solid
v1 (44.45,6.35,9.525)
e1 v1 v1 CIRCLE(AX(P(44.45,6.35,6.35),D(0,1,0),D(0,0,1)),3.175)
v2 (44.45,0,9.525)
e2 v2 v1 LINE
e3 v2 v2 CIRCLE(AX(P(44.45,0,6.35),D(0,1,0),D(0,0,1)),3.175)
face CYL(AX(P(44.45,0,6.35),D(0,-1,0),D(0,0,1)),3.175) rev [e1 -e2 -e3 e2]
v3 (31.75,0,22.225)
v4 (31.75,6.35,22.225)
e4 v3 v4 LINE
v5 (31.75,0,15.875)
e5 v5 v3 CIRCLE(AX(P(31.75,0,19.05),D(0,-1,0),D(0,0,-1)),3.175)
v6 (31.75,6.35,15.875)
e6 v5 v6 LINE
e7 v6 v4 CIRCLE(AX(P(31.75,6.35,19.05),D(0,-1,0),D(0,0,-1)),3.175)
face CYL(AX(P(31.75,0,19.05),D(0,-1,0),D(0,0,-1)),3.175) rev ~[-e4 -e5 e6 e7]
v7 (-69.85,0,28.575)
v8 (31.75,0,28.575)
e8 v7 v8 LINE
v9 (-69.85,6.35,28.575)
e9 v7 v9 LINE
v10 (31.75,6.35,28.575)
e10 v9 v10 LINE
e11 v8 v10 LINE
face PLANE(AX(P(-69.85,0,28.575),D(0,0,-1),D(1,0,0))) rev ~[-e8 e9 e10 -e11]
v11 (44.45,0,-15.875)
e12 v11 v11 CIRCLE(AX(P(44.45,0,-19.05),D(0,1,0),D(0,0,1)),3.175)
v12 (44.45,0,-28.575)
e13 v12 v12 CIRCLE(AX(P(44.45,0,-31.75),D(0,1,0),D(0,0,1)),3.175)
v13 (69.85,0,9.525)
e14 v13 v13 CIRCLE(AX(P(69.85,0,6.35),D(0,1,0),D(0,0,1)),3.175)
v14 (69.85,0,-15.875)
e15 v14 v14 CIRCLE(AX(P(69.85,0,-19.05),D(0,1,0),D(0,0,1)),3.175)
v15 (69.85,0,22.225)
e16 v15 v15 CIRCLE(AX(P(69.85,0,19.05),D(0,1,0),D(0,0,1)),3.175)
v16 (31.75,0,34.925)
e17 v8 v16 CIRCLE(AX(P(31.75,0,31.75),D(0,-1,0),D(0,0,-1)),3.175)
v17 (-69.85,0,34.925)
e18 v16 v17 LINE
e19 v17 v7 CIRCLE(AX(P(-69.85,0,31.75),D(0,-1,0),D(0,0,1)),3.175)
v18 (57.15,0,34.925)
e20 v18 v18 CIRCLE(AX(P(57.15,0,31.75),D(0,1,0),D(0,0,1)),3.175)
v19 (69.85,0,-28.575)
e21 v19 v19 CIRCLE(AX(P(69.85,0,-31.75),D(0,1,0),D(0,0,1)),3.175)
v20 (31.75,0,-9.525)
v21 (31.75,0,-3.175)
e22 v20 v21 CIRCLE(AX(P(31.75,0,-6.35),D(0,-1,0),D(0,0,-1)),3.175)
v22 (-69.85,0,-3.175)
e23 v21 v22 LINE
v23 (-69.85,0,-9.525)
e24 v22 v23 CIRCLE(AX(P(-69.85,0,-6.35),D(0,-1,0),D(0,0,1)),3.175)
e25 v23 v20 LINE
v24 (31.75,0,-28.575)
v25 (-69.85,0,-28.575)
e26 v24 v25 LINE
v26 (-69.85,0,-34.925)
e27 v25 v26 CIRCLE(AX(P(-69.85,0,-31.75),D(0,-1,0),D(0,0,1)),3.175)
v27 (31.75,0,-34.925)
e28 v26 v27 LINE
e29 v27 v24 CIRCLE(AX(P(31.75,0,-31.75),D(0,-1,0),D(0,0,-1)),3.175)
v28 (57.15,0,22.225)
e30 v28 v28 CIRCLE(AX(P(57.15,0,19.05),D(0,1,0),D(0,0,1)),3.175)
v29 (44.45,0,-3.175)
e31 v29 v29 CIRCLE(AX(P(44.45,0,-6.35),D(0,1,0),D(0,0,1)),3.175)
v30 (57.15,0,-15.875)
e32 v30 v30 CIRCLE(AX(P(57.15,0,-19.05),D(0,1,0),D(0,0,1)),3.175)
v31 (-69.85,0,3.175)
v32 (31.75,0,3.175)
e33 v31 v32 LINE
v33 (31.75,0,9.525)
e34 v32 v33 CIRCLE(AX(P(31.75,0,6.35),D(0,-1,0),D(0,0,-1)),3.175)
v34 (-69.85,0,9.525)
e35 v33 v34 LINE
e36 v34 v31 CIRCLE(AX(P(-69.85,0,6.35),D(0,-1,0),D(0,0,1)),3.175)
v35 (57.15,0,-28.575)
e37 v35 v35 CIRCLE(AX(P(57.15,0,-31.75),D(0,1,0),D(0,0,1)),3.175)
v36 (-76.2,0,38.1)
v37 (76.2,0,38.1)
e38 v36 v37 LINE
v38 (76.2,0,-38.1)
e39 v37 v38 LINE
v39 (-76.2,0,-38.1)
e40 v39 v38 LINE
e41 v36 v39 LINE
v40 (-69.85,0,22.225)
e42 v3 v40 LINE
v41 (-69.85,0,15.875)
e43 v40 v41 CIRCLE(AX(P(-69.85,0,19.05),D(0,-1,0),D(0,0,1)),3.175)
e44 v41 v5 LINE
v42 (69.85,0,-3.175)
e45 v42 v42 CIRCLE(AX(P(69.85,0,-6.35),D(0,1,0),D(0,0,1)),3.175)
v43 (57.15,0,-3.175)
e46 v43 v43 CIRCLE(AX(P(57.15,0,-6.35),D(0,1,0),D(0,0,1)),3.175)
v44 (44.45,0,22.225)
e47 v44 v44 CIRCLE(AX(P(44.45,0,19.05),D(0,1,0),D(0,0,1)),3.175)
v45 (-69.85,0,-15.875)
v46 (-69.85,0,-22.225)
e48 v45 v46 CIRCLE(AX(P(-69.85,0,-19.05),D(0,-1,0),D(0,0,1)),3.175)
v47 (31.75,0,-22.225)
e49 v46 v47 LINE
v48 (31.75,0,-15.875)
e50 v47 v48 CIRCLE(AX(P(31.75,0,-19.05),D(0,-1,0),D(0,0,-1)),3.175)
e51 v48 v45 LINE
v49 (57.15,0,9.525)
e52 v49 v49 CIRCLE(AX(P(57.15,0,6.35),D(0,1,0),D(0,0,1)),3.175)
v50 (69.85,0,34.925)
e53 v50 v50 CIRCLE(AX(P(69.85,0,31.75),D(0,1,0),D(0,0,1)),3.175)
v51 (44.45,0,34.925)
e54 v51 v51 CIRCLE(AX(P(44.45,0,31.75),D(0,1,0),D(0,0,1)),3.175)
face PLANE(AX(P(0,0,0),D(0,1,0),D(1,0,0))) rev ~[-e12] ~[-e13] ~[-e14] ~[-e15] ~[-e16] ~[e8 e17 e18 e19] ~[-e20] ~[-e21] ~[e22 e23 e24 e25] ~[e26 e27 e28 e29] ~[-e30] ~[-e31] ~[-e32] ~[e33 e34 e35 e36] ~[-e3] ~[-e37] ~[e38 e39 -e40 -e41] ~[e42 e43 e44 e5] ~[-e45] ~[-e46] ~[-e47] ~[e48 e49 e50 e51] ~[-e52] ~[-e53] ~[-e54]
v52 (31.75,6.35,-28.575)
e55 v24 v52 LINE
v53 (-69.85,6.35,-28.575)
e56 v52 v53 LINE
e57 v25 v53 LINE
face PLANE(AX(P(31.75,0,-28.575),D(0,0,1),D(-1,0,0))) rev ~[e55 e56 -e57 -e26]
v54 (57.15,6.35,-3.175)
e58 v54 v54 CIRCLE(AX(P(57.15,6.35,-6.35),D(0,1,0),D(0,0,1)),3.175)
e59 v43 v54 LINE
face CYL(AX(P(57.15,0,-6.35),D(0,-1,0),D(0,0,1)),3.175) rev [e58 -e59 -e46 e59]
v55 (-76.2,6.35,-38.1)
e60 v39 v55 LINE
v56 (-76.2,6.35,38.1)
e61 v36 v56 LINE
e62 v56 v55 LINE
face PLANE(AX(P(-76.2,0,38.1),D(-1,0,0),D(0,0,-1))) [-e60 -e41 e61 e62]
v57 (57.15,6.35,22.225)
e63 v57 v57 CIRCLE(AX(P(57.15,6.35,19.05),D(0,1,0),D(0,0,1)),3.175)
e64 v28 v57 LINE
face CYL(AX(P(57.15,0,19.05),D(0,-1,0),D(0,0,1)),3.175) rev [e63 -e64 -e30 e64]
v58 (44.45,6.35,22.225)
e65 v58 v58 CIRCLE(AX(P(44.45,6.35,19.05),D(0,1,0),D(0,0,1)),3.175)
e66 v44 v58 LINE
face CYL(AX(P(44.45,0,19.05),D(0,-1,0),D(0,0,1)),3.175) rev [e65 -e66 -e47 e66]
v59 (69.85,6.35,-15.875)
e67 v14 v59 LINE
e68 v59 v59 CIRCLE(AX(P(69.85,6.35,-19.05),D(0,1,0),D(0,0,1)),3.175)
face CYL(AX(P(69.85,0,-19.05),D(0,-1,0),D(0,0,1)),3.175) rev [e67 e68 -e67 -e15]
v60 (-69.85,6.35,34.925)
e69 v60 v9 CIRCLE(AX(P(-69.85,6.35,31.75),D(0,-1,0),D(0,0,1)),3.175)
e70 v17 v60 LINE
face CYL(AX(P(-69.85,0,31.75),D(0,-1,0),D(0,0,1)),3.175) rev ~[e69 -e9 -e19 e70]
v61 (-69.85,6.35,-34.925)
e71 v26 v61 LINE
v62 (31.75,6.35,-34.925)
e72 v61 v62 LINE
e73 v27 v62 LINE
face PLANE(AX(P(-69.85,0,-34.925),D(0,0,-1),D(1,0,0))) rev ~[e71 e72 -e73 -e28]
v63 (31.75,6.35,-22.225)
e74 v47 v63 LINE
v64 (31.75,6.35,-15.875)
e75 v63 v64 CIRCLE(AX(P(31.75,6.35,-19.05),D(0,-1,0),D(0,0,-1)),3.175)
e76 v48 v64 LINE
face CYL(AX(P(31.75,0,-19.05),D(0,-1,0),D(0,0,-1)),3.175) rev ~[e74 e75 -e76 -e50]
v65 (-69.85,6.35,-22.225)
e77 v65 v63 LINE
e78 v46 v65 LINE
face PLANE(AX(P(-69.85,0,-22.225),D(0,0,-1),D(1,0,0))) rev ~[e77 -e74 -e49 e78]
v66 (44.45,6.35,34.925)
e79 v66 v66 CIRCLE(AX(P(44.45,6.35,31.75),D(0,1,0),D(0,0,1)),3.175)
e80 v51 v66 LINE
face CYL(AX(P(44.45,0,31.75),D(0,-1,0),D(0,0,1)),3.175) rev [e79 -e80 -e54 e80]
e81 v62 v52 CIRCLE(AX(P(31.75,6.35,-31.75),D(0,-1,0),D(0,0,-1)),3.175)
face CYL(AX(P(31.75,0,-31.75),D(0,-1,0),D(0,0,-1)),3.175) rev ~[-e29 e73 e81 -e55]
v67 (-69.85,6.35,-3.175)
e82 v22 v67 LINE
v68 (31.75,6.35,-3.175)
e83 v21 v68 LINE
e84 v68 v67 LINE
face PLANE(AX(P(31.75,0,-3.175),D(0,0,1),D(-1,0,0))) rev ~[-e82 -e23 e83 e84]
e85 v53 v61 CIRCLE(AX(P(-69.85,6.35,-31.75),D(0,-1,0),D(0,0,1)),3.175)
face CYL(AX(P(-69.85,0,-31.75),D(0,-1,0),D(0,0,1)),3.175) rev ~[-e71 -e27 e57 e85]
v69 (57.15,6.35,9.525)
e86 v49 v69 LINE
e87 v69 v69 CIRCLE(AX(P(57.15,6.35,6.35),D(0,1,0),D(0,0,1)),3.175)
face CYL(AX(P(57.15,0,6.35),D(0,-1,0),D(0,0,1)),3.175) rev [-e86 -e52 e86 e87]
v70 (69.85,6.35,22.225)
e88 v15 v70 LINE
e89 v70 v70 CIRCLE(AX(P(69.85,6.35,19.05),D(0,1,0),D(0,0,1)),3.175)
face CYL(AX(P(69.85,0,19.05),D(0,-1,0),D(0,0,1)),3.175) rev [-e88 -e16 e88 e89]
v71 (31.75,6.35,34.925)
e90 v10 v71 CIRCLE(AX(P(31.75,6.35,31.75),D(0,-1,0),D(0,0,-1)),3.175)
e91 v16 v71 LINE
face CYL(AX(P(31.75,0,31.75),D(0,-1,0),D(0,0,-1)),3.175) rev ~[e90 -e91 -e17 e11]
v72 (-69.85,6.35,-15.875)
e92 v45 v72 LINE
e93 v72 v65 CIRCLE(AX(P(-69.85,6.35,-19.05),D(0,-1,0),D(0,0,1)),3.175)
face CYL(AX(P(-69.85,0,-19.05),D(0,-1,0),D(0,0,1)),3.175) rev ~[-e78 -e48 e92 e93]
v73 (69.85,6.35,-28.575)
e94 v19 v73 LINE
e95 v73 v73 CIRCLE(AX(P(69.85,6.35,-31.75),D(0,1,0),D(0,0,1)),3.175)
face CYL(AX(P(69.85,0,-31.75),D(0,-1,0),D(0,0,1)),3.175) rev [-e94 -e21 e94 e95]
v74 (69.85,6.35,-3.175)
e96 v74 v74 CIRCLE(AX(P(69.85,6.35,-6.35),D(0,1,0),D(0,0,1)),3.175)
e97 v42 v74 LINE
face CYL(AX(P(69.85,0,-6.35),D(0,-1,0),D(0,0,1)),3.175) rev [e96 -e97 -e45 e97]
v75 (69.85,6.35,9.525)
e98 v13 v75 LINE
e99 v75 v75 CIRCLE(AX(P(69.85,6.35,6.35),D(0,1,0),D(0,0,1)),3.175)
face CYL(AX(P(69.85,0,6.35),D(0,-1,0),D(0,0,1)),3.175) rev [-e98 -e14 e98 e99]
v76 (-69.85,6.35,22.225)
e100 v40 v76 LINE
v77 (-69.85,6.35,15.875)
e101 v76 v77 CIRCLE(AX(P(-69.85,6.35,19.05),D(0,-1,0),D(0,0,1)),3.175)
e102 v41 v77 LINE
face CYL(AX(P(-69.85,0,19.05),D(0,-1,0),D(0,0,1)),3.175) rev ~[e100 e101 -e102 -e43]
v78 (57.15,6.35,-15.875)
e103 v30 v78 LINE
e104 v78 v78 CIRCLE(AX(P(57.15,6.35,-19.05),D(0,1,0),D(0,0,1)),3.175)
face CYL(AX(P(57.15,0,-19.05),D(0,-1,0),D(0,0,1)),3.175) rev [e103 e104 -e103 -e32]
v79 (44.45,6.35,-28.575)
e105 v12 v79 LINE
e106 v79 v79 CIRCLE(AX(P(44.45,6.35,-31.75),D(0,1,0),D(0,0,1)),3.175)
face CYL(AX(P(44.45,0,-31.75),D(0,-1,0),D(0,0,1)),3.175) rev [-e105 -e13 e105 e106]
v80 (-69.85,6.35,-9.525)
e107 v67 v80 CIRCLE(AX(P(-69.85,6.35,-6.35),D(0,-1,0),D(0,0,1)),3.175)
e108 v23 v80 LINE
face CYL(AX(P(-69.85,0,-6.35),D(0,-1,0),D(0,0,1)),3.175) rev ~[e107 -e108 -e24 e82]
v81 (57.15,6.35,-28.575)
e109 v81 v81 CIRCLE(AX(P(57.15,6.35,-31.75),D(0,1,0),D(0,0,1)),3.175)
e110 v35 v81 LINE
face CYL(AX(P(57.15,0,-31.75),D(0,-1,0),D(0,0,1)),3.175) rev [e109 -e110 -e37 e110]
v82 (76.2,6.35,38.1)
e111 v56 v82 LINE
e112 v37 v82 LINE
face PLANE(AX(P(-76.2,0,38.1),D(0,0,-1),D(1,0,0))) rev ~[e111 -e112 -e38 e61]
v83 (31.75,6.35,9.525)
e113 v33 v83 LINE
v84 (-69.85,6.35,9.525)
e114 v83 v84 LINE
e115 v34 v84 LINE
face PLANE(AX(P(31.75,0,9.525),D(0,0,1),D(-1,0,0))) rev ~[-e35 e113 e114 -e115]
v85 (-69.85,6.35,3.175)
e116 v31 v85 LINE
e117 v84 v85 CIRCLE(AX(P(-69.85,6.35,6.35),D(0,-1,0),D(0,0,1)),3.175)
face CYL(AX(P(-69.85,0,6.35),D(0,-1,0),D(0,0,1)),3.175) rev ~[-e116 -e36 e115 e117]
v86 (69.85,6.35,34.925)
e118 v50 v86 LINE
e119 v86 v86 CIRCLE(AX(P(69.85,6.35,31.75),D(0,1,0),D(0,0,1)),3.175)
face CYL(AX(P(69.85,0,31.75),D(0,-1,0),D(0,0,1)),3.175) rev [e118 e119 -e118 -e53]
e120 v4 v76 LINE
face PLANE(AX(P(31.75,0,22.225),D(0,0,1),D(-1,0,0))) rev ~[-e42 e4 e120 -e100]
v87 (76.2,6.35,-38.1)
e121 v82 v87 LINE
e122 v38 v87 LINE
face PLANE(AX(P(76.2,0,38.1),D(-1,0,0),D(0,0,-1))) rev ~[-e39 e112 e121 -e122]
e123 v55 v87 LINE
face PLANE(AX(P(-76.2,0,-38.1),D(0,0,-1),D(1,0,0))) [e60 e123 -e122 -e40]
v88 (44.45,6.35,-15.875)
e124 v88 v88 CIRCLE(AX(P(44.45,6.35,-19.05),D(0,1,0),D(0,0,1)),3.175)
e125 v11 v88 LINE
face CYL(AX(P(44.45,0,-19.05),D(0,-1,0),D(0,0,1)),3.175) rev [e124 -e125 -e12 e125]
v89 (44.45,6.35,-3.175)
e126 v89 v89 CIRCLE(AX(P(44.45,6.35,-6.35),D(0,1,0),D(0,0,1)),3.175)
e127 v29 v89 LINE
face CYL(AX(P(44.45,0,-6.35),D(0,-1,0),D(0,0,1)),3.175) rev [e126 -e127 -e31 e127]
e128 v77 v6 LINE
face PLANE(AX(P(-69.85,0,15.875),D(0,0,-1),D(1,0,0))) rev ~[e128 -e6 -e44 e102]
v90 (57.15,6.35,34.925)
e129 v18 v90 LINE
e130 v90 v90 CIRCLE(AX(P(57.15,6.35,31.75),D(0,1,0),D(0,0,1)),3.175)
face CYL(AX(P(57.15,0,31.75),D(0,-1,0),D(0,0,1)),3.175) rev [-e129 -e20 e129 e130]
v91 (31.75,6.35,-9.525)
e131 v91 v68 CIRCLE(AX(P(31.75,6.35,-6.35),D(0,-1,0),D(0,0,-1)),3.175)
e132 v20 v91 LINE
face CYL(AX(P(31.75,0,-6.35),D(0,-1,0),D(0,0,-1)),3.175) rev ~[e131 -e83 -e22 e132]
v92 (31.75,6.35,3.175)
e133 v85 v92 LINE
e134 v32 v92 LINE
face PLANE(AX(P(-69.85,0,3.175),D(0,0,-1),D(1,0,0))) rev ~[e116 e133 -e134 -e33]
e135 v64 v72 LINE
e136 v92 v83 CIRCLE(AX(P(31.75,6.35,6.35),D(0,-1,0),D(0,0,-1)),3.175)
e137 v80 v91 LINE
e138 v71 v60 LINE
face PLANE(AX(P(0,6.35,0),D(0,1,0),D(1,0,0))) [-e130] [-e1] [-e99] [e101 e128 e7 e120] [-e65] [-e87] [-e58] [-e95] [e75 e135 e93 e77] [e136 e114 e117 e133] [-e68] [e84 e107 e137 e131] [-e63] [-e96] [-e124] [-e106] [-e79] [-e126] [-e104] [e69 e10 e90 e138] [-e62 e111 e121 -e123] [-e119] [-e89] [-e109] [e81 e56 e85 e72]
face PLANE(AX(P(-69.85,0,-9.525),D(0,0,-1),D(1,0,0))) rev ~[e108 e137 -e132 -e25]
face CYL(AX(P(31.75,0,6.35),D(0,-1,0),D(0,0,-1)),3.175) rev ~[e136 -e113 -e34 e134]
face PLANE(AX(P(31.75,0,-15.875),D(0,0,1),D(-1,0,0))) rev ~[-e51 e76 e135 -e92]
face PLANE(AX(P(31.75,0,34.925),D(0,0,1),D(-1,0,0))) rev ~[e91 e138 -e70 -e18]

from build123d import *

# Parameters (mm, degrees)
SKETCH1_W           = 152.4
SKETCH1_H           = 76.2
SKETCH1_R           = 3.175
BOSS_EXTRUDE1_DEPTH = 6.35


with BuildPart() as part:
    # Sketch1 → Boss-Extrude1 (new body)
    with BuildSketch(Plane(origin=(0, 0, 0), x_dir=(1, 0, 0), z_dir=(0, 1, 0))):
        Rectangle(SKETCH1_W, SKETCH1_H)
        with Locations(Location((44.45, 31.75, 0), (0, 0, 270))):
            Circle(SKETCH1_R, mode=Mode.SUBTRACT)
        with Locations(Location((57.15, 31.75, 0), (0, 0, 270))):
            Circle(SKETCH1_R, mode=Mode.SUBTRACT)
        with Locations(Location((69.85, 31.75, 0), (0, 0, 270))):
            Circle(SKETCH1_R, mode=Mode.SUBTRACT)
        with Locations(Location((44.45, 19.05, 0), (0, 0, 270))):
            Circle(SKETCH1_R, mode=Mode.SUBTRACT)
        with Locations(Location((57.15, 19.05, 0), (0, 0, 270))):
            Circle(SKETCH1_R, mode=Mode.SUBTRACT)
        with Locations(Location((69.85, 19.05, 0), (0, 0, 270))):
            Circle(SKETCH1_R, mode=Mode.SUBTRACT)
        with Locations(Location((44.45, 6.35, 0), (0, 0, 270))):
            Circle(SKETCH1_R, mode=Mode.SUBTRACT)
        with Locations(Location((57.15, 6.35, 0), (0, 0, 270))):
            Circle(SKETCH1_R, mode=Mode.SUBTRACT)
        with Locations(Location((69.85, 6.35, 0), (0, 0, 270))):
            Circle(SKETCH1_R, mode=Mode.SUBTRACT)
        with Locations(Location((44.45, -6.35, 0), (0, 0, 270))):
            Circle(SKETCH1_R, mode=Mode.SUBTRACT)
        with Locations(Location((57.15, -6.35, 0), (0, 0, 270))):
            Circle(SKETCH1_R, mode=Mode.SUBTRACT)
        with Locations(Location((69.85, -6.35, 0), (0, 0, 270))):
            Circle(SKETCH1_R, mode=Mode.SUBTRACT)
        with Locations(Location((44.45, -19.05, 0), (0, 0, 270))):
            Circle(SKETCH1_R, mode=Mode.SUBTRACT)
        with Locations(Location((57.15, -19.05, 0), (0, 0, 270))):
            Circle(SKETCH1_R, mode=Mode.SUBTRACT)
        with Locations(Location((69.85, -19.05, 0), (0, 0, 270))):
            Circle(SKETCH1_R, mode=Mode.SUBTRACT)
        with Locations(Location((44.45, -31.75, 0), (0, 0, 270))):
            Circle(SKETCH1_R, mode=Mode.SUBTRACT)
        with Locations(Location((57.15, -31.75, 0), (0, 0, 270))):
            Circle(SKETCH1_R, mode=Mode.SUBTRACT)
        with Locations(Location((69.85, -31.75, 0), (0, 0, 270))):
            Circle(SKETCH1_R, mode=Mode.SUBTRACT)
        with BuildLine():
            Line((-69.85, 34.925), (31.75, 34.925))
            ThreePointArc((31.75, 34.925), (34.925, 31.75), (31.75, 28.575))
            Line((31.75, 28.575), (-69.85, 28.575))
            ThreePointArc((-69.85, 28.575), (-73.025, 31.75), (-69.85, 34.925))
        make_face(mode=Mode.SUBTRACT)
        with BuildLine():
            Line((31.75, 15.875), (-69.85, 15.875))
            ThreePointArc((-69.85, 15.875), (-73.025, 19.05), (-69.85, 22.225))
            Line((-69.85, 22.225), (31.75, 22.225))
            ThreePointArc((31.75, 22.225), (34.925, 19.05), (31.75, 15.875))
        make_face(mode=Mode.SUBTRACT)
        with BuildLine():
            Line((31.75, 3.175), (-69.85, 3.175))
            ThreePointArc((-69.85, 3.175), (-73.025, 6.35), (-69.85, 9.525))
            Line((-69.85, 9.525), (31.75, 9.525))
            ThreePointArc((31.75, 9.525), (34.925, 6.35), (31.75, 3.175))
        make_face(mode=Mode.SUBTRACT)
        with BuildLine():
            Line((31.75, -9.525), (-69.85, -9.525))
            ThreePointArc((-69.85, -9.525), (-73.025, -6.35), (-69.85, -3.175))
            Line((-69.85, -3.175), (31.75, -3.175))
            ThreePointArc((31.75, -3.175), (34.925, -6.35), (31.75, -9.525))
        make_face(mode=Mode.SUBTRACT)
        with BuildLine():
            Line((31.75, -22.225), (-69.85, -22.225))
            ThreePointArc((-69.85, -22.225), (-73.025, -19.05), (-69.85, -15.875))
            Line((-69.85, -15.875), (31.75, -15.875))
            ThreePointArc((31.75, -15.875), (34.925, -19.05), (31.75, -22.225))
        make_face(mode=Mode.SUBTRACT)
        with BuildLine():
            Line((31.75, -34.925), (-69.85, -34.925))
            ThreePointArc((-69.85, -34.925), (-73.025, -31.75), (-69.85, -28.575))
            Line((-69.85, -28.575), (31.75, -28.575))
            ThreePointArc((31.75, -28.575), (34.925, -31.75), (31.75, -34.925))
        make_face(mode=Mode.SUBTRACT)
    extrude(amount=BOSS_EXTRUDE1_DEPTH)


solid = part.part
